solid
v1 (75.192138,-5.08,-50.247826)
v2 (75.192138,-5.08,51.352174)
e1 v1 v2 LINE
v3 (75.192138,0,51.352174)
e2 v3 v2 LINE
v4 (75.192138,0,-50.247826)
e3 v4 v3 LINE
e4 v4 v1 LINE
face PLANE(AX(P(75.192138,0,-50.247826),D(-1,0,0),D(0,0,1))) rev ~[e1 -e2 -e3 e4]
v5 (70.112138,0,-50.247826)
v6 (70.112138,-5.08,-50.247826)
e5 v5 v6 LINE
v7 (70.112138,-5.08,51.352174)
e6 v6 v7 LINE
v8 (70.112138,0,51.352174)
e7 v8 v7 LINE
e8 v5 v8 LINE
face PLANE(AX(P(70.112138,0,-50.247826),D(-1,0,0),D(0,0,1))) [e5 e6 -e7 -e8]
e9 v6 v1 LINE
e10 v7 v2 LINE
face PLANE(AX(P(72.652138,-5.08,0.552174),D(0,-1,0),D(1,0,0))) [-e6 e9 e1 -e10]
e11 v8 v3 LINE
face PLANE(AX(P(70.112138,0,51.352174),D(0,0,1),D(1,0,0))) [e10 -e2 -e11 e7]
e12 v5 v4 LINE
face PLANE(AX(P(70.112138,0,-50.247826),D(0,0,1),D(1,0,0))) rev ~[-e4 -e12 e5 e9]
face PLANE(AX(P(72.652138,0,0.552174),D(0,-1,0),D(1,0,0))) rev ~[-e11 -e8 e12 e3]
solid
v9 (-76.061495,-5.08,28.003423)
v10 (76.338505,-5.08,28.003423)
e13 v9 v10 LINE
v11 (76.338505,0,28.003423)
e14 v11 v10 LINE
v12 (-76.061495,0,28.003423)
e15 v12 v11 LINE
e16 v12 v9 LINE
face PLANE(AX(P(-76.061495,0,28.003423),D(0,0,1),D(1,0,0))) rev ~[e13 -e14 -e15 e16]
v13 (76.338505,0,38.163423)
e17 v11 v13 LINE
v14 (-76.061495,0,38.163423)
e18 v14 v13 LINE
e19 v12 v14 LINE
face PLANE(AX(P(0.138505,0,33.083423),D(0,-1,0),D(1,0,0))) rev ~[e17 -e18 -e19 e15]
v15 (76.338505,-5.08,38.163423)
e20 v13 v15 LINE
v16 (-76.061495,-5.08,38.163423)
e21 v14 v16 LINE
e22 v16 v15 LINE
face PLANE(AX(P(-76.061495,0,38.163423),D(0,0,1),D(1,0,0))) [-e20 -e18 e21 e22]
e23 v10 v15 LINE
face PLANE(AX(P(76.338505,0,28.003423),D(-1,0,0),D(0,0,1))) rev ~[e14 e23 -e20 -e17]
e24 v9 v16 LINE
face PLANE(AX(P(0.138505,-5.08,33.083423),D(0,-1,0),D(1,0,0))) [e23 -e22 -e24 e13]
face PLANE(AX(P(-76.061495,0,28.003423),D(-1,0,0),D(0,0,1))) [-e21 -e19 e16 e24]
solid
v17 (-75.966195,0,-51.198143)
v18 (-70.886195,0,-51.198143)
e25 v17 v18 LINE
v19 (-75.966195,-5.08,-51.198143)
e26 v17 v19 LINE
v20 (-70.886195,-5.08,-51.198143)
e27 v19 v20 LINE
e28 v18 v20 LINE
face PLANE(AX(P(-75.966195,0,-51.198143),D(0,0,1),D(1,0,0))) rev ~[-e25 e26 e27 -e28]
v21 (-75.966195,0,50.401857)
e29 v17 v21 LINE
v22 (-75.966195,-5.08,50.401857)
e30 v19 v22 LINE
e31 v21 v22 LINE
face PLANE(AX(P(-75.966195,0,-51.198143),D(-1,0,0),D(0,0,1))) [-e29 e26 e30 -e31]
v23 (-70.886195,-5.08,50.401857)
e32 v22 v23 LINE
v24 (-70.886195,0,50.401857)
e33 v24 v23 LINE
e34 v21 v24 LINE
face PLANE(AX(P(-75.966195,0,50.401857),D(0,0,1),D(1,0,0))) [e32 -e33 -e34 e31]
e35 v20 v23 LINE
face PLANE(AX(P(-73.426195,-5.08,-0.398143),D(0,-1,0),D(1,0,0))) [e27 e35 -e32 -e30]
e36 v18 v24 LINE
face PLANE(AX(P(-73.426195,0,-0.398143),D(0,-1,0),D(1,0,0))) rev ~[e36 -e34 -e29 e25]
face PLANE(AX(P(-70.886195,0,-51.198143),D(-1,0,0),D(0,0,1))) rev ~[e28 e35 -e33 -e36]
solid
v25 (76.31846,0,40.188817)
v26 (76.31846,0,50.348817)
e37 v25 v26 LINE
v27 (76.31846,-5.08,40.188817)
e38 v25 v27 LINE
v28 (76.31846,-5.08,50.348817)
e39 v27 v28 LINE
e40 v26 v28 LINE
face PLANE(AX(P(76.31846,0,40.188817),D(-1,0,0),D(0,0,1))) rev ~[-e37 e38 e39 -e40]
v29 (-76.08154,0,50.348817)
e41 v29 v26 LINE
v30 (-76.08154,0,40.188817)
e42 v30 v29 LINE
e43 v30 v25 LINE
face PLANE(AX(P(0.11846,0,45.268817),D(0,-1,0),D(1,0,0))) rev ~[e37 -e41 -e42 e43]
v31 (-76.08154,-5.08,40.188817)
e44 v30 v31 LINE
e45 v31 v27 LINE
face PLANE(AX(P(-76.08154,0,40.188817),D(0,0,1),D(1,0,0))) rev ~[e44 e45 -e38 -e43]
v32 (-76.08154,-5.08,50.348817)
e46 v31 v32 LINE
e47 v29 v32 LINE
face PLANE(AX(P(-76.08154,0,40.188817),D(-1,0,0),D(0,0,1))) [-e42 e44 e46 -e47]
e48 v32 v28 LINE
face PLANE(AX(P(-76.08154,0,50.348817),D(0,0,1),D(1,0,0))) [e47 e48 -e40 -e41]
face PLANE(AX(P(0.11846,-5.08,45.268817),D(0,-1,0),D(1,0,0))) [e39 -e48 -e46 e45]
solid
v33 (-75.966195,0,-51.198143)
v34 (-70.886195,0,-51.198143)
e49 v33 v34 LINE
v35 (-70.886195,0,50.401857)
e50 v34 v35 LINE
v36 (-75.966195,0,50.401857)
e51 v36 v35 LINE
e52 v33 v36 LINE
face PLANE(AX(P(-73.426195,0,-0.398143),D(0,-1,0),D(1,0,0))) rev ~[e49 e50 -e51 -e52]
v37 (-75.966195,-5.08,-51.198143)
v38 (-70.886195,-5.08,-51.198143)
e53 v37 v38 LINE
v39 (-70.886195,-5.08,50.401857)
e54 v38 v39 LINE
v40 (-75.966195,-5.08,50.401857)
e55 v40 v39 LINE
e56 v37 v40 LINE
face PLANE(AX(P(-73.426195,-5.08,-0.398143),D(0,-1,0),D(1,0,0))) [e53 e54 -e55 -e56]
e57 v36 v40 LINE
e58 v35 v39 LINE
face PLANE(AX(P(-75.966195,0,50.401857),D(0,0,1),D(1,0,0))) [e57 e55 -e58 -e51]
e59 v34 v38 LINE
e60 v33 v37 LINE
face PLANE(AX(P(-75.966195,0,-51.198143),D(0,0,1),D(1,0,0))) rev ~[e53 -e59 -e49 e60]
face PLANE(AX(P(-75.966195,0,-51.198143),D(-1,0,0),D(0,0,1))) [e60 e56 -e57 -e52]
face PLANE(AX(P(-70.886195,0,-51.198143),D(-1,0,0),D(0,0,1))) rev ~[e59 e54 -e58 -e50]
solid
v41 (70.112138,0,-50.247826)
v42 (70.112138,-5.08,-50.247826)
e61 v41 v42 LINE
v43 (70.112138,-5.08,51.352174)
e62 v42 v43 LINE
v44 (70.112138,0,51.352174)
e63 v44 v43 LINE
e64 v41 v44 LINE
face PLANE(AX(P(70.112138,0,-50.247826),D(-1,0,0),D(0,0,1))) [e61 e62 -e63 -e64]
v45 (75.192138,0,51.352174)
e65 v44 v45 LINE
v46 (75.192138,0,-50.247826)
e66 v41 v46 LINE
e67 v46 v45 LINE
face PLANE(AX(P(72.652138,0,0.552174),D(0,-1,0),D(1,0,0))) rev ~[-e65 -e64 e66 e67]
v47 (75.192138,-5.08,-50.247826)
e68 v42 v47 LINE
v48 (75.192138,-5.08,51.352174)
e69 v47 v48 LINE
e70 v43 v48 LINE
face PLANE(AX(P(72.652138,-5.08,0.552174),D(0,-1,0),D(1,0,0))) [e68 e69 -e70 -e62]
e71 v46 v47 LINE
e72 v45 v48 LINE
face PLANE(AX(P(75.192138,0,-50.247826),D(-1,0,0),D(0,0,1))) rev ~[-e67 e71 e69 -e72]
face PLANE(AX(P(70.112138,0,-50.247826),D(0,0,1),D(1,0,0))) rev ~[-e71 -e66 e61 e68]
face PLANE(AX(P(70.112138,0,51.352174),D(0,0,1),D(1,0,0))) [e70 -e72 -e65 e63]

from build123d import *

# Parameters (mm, degrees)
F0_W     = 5.08
F0_H     = 101.6
F1_DEPTH = 5.08
F2_DEPTH = 5.08
F3_W     = 152.4
F3_H     = 10.16
F4_DEPTH = 5.08


with BuildPart() as f1:
    # F0 (on Front) → F1 (new body)
    with BuildSketch(Plane.XZ):
        with Locations((-73.426195, -0.398143)):
            Rectangle(F0_W, F0_H)
        with Locations((72.652138, 0.552174)):
            Rectangle(F0_W, F0_H)
    extrude(amount=F1_DEPTH)


with BuildPart() as f2:
    # F0 (on Front) → F2 (new body)
    with BuildSketch(Plane.XZ):
        with Locations((-73.426195, -0.398143)):
            Rectangle(F0_W, F0_H)
        with Locations((72.652138, 0.552174)):
            Rectangle(F0_W, F0_H)
    extrude(amount=F2_DEPTH)


with BuildPart() as f4:
    # F3 (on Front) → F4 (new body)
    with BuildSketch(Plane.XZ):
        with Locations((0.11846, 45.268817)):
            Rectangle(F3_W, F3_H)
        with Locations((0.138505, 33.083423)):
            Rectangle(F3_W, F3_H)
    extrude(amount=F4_DEPTH)


solid = Compound([f1.part, f2.part, f4.part])
